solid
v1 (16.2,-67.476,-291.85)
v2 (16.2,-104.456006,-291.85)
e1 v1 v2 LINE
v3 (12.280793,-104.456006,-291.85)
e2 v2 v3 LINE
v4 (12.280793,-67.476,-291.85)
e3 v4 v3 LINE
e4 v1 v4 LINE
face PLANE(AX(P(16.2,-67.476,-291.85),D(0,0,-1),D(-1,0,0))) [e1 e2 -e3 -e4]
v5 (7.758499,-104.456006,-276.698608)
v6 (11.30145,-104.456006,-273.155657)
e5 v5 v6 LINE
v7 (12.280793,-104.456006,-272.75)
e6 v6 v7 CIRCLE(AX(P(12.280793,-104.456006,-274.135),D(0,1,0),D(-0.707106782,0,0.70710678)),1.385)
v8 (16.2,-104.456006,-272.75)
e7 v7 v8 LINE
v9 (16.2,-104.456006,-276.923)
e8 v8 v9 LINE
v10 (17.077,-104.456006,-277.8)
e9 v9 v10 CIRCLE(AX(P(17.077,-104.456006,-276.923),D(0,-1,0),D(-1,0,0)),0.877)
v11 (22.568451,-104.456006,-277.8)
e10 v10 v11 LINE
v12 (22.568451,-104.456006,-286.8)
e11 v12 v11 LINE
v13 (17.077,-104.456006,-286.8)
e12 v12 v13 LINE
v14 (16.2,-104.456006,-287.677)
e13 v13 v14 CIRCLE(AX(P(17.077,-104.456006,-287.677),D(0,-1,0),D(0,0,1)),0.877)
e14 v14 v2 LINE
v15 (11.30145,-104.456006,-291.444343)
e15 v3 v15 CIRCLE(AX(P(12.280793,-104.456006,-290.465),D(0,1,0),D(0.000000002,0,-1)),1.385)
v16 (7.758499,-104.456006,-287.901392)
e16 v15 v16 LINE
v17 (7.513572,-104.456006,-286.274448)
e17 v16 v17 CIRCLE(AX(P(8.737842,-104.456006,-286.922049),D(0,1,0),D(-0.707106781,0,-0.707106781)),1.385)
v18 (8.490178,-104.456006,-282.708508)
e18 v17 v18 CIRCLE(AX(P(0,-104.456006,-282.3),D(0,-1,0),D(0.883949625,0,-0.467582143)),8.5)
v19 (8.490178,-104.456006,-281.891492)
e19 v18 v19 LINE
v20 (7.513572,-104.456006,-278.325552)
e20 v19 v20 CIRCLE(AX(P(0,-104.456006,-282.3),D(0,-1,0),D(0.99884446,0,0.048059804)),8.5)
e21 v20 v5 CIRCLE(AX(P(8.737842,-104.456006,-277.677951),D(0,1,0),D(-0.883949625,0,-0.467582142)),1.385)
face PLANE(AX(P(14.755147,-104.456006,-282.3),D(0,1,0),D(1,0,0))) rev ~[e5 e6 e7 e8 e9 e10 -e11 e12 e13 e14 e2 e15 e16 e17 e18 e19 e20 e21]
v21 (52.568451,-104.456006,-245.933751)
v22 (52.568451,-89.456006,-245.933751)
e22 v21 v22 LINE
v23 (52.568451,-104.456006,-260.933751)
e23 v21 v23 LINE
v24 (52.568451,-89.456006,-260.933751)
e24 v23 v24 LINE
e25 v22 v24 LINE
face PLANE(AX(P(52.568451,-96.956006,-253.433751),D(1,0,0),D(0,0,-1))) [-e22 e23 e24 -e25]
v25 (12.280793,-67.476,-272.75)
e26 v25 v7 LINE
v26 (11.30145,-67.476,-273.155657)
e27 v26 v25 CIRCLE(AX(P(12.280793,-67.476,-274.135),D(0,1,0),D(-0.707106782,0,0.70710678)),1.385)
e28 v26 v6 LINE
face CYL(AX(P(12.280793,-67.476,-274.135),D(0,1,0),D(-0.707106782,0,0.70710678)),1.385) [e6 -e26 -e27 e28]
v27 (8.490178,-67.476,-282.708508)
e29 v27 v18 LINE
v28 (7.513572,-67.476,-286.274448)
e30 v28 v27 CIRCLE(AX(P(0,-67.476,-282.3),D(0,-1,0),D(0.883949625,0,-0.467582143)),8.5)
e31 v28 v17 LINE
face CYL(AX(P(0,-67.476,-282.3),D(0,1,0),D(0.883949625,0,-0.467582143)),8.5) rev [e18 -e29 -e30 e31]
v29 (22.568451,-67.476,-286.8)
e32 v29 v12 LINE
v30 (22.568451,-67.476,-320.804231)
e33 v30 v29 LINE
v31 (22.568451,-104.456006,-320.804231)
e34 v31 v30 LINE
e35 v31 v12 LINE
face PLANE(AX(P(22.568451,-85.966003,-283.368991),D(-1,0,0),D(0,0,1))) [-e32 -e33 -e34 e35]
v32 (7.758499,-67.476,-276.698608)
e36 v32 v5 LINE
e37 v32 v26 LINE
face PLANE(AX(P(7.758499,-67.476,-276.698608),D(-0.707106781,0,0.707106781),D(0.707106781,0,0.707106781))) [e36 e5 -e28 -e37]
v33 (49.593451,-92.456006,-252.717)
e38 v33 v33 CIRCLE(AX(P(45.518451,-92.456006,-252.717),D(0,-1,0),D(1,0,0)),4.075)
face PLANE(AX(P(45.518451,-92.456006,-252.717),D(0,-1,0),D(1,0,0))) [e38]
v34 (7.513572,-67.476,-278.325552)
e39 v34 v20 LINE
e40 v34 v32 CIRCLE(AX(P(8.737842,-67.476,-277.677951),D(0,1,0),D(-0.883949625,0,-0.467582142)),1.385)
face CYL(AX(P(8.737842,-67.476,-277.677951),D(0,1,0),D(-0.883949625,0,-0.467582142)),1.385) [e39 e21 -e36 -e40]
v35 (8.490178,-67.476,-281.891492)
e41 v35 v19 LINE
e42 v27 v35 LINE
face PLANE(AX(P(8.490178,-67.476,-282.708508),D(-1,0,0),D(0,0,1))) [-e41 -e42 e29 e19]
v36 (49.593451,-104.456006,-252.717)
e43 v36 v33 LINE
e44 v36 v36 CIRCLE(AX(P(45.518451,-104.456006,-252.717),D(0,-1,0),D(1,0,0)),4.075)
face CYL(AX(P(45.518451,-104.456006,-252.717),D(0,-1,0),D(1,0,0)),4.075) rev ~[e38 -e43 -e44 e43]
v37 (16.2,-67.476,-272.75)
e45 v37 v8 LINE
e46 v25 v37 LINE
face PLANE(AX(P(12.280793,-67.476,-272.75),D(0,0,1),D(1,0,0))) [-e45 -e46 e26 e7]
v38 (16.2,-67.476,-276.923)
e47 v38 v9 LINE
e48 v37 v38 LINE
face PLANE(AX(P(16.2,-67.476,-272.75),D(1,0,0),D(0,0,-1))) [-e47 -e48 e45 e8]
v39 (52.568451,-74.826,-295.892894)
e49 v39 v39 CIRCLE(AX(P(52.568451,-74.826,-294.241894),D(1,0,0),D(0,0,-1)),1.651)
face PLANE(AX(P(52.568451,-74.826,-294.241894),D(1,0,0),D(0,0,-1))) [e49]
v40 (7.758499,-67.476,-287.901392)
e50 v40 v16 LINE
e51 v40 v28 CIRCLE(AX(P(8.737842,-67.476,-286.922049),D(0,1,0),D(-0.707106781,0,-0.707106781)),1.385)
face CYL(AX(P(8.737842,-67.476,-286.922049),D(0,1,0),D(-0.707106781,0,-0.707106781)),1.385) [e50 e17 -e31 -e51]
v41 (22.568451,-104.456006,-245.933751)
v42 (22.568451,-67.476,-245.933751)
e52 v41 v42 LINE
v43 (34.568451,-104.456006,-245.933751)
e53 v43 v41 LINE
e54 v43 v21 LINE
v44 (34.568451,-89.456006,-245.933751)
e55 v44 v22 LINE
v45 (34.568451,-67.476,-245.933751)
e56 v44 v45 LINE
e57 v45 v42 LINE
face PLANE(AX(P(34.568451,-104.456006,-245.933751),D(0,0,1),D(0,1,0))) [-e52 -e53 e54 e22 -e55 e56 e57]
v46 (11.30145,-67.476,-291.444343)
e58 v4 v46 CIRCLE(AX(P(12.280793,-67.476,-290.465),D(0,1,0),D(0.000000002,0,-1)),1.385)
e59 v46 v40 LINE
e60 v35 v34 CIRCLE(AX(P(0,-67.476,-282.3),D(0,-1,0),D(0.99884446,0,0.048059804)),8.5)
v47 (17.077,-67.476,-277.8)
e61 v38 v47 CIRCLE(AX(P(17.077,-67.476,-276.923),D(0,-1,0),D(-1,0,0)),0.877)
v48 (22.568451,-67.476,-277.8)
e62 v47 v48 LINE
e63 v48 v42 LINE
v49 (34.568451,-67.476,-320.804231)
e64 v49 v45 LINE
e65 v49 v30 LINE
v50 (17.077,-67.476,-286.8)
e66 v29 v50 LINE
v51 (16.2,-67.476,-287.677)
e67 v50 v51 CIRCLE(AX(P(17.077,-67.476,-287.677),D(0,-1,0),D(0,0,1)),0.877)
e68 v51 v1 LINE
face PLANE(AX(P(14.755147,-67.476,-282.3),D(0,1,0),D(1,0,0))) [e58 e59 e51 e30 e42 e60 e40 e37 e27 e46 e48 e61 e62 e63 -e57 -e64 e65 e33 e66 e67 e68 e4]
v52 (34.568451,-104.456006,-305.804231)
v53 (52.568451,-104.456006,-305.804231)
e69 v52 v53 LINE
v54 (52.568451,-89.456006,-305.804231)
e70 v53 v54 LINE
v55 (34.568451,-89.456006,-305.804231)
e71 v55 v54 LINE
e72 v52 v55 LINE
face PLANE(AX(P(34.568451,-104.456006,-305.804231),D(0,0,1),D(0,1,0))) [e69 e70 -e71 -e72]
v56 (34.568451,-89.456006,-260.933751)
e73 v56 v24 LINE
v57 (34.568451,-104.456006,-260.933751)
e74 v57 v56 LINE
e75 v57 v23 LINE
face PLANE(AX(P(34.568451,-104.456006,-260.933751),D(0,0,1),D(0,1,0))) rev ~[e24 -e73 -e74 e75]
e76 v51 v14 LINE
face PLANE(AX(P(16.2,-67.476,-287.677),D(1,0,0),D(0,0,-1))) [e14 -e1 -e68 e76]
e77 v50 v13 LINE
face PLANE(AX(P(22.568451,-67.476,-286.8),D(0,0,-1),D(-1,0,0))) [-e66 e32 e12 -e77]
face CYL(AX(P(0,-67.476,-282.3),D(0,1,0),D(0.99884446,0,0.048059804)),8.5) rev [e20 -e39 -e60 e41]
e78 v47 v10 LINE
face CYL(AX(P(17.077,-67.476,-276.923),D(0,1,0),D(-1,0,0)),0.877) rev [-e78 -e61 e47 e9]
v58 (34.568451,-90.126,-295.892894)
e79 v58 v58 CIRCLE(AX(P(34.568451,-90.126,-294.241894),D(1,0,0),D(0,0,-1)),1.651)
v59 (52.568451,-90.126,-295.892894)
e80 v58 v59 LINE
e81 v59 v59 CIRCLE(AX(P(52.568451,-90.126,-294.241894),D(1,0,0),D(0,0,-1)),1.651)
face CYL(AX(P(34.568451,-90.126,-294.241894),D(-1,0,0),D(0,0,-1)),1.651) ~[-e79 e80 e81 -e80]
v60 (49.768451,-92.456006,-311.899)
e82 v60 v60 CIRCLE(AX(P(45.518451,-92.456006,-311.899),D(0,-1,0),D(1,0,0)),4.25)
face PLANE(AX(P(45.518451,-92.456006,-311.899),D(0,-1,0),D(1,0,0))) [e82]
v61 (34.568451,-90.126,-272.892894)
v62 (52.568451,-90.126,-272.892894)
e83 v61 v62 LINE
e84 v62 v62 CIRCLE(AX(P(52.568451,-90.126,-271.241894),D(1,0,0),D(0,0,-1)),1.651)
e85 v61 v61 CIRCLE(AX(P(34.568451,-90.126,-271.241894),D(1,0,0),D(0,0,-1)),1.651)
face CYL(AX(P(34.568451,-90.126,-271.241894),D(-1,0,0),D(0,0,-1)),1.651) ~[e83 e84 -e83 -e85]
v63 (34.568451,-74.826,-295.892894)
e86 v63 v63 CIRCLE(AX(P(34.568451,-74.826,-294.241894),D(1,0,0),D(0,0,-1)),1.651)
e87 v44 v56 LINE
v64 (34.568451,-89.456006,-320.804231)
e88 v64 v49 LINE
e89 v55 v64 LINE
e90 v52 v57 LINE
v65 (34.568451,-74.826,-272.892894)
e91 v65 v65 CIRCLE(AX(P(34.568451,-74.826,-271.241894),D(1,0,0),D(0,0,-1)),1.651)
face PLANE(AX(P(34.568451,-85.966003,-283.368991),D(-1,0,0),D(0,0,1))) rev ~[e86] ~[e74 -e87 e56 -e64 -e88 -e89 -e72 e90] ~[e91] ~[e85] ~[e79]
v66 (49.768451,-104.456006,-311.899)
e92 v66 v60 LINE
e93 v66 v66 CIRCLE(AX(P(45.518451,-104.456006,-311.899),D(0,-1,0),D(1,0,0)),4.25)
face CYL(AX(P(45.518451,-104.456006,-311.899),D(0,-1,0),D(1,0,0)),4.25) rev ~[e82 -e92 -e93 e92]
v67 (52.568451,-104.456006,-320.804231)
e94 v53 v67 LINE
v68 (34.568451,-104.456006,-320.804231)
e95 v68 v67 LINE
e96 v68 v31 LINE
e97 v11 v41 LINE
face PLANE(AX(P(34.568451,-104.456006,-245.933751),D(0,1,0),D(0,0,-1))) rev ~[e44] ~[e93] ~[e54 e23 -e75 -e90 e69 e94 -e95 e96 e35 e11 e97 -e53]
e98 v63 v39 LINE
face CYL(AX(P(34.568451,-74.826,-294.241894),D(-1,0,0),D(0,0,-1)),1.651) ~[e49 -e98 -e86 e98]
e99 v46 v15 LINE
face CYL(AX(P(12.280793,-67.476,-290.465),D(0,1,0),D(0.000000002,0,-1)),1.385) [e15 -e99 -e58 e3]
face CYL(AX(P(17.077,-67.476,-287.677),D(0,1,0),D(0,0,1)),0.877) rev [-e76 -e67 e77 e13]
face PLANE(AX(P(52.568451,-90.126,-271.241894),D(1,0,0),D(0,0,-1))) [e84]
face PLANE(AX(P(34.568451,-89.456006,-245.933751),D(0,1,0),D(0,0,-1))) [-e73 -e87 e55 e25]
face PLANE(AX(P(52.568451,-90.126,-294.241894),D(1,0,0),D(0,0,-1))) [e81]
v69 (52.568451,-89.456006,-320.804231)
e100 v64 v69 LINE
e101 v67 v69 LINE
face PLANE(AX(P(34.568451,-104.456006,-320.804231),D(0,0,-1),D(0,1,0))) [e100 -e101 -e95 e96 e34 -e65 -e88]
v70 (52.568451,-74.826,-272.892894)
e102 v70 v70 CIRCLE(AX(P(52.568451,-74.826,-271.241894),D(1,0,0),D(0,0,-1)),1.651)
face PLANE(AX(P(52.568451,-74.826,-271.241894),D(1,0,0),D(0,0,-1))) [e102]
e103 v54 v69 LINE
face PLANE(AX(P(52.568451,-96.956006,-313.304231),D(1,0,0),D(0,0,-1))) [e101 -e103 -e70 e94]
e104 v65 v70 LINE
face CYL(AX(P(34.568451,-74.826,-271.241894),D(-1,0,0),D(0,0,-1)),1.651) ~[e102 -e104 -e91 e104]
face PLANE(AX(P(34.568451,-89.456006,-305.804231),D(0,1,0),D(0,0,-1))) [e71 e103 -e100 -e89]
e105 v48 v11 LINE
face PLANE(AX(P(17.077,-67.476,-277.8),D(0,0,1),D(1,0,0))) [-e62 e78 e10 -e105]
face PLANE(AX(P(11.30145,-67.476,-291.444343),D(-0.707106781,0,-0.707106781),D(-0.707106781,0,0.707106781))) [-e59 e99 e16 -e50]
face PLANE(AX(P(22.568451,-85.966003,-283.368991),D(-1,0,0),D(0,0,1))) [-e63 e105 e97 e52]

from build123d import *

# Parameters (mm, degrees)
SKETCH1_W           = 74.870479659
SKETCH1_H           = 36.98000569
BOSS_EXTRUDE1_DEPTH = 12
SKETCH3_R           = 1.651
BOSS_EXTRUDE2_DEPTH = 18
SKETCH4_W           = 15
SKETCH4_H           = 15
BOSS_EXTRUDE3_DEPTH = 18
SKETCH5_R           = 4.075
SKETCH5_R_2         = 4.25
CUT_EXTRUDE1_DEPTH  = 12
BOSS_EXTRUDE4_DEPTH = 36.980006


with BuildPart() as part:
    # Sketch1 → Boss-Extrude1 (new body)
    with BuildSketch(Plane.ZY.offset(-34.568450848)):
        with Locations((-283.368991002, -85.966002845)):
            Rectangle(SKETCH1_W, SKETCH1_H)
    extrude(amount=BOSS_EXTRUDE1_DEPTH)

    # Sketch3 → Boss-Extrude2 (add)
    with BuildSketch(Plane(origin=(34.568450848, 0, 0), x_dir=(0, 0, -1), z_dir=(1, 0, 0))):
        with Locations((271.241893694, -74.826)):
            Circle(SKETCH3_R)
        with Locations((271.241893694, -90.126)):
            Circle(SKETCH3_R)
        with Locations((294.241893694, -74.826)):
            Circle(SKETCH3_R)
        with Locations((294.241893694, -90.126)):
            Circle(SKETCH3_R)
    extrude(amount=BOSS_EXTRUDE2_DEPTH)

    # Sketch4 → Boss-Extrude3 (add)
    with BuildSketch(Plane(origin=(34.568450848, 0, 0), x_dir=(0, 0, -1), z_dir=(1, 0, 0))):
        with Locations((253.433751172, -96.95600569)):
            Rectangle(SKETCH4_W, SKETCH4_H)
        with Locations((313.304230831, -96.95600569)):
            Rectangle(SKETCH4_W, SKETCH4_H)
    extrude(amount=BOSS_EXTRUDE3_DEPTH)

    # Sketch5 → Cut-Extrude1 (cut)
    with BuildSketch(Plane.XZ.offset(104.45600569)):
        with Locations((45.518450848, -252.717)):
            Circle(SKETCH5_R)
        with Locations((45.518450848, -311.899)):
            Circle(SKETCH5_R_2)
    extrude(amount=-CUT_EXTRUDE1_DEPTH, mode=Mode.SUBTRACT)

    # Sketch7 → Boss-Extrude4 (add)
    with BuildSketch(Plane(origin=(0, -67.476, 0), x_dir=(1, 0, 0), z_dir=(0, 1, 0))):
        with BuildLine():
            Line((8.49017791, 282.708508335), (8.49017791, 281.891491665))
            ThreePointArc((8.49017791, 281.891491665), (8.198108508, 280.0547791), (7.513571814, 278.325551788))
            ThreePointArc((7.513571814, 278.325551788), (7.368274769, 277.471769831), (7.758499153, 276.698607628))
            Line((7.758499153, 276.698607628), (11.301449673, 273.155657108))
            ThreePointArc((11.301449673, 273.155657108), (11.750776011, 272.855426847), (12.280792565, 272.75))
            Line((12.280792565, 272.75), (16.2, 272.75))
            Line((16.2, 272.75), (16.2, 276.923))
            ThreePointArc((16.2, 276.923), (16.456867353, 277.543132647), (17.077, 277.8))
            Line((17.077, 277.8), (20.8615, 277.8))
            Line((20.8615, 277.8), (22.568450848, 277.8))
            Line((22.568450848, 277.8), (22.568450848, 286.8))
            Line((22.568450848, 286.8), (20.8615, 286.8))
            Line((20.8615, 286.8), (17.077, 286.8))
            ThreePointArc((17.077, 286.8), (16.456867353, 287.056867353), (16.2, 287.677))
            Line((16.2, 287.677), (16.2, 291.85))
            Line((16.2, 291.85), (12.280792565, 291.85))
            ThreePointArc((12.280792565, 291.85), (11.750776011, 291.744573153), (11.301449673, 291.444342892))
            Line((11.301449673, 291.444342892), (7.758499153, 287.901392372))
            ThreePointArc((7.758499153, 287.901392372), (7.368274769, 287.128230169), (7.513571814, 286.274448212))
            ThreePointArc((7.513571814, 286.274448212), (8.198108508, 284.5452209), (8.49017791, 282.708508335))
        make_face()
    extrude(amount=-BOSS_EXTRUDE4_DEPTH)


solid = part.part
